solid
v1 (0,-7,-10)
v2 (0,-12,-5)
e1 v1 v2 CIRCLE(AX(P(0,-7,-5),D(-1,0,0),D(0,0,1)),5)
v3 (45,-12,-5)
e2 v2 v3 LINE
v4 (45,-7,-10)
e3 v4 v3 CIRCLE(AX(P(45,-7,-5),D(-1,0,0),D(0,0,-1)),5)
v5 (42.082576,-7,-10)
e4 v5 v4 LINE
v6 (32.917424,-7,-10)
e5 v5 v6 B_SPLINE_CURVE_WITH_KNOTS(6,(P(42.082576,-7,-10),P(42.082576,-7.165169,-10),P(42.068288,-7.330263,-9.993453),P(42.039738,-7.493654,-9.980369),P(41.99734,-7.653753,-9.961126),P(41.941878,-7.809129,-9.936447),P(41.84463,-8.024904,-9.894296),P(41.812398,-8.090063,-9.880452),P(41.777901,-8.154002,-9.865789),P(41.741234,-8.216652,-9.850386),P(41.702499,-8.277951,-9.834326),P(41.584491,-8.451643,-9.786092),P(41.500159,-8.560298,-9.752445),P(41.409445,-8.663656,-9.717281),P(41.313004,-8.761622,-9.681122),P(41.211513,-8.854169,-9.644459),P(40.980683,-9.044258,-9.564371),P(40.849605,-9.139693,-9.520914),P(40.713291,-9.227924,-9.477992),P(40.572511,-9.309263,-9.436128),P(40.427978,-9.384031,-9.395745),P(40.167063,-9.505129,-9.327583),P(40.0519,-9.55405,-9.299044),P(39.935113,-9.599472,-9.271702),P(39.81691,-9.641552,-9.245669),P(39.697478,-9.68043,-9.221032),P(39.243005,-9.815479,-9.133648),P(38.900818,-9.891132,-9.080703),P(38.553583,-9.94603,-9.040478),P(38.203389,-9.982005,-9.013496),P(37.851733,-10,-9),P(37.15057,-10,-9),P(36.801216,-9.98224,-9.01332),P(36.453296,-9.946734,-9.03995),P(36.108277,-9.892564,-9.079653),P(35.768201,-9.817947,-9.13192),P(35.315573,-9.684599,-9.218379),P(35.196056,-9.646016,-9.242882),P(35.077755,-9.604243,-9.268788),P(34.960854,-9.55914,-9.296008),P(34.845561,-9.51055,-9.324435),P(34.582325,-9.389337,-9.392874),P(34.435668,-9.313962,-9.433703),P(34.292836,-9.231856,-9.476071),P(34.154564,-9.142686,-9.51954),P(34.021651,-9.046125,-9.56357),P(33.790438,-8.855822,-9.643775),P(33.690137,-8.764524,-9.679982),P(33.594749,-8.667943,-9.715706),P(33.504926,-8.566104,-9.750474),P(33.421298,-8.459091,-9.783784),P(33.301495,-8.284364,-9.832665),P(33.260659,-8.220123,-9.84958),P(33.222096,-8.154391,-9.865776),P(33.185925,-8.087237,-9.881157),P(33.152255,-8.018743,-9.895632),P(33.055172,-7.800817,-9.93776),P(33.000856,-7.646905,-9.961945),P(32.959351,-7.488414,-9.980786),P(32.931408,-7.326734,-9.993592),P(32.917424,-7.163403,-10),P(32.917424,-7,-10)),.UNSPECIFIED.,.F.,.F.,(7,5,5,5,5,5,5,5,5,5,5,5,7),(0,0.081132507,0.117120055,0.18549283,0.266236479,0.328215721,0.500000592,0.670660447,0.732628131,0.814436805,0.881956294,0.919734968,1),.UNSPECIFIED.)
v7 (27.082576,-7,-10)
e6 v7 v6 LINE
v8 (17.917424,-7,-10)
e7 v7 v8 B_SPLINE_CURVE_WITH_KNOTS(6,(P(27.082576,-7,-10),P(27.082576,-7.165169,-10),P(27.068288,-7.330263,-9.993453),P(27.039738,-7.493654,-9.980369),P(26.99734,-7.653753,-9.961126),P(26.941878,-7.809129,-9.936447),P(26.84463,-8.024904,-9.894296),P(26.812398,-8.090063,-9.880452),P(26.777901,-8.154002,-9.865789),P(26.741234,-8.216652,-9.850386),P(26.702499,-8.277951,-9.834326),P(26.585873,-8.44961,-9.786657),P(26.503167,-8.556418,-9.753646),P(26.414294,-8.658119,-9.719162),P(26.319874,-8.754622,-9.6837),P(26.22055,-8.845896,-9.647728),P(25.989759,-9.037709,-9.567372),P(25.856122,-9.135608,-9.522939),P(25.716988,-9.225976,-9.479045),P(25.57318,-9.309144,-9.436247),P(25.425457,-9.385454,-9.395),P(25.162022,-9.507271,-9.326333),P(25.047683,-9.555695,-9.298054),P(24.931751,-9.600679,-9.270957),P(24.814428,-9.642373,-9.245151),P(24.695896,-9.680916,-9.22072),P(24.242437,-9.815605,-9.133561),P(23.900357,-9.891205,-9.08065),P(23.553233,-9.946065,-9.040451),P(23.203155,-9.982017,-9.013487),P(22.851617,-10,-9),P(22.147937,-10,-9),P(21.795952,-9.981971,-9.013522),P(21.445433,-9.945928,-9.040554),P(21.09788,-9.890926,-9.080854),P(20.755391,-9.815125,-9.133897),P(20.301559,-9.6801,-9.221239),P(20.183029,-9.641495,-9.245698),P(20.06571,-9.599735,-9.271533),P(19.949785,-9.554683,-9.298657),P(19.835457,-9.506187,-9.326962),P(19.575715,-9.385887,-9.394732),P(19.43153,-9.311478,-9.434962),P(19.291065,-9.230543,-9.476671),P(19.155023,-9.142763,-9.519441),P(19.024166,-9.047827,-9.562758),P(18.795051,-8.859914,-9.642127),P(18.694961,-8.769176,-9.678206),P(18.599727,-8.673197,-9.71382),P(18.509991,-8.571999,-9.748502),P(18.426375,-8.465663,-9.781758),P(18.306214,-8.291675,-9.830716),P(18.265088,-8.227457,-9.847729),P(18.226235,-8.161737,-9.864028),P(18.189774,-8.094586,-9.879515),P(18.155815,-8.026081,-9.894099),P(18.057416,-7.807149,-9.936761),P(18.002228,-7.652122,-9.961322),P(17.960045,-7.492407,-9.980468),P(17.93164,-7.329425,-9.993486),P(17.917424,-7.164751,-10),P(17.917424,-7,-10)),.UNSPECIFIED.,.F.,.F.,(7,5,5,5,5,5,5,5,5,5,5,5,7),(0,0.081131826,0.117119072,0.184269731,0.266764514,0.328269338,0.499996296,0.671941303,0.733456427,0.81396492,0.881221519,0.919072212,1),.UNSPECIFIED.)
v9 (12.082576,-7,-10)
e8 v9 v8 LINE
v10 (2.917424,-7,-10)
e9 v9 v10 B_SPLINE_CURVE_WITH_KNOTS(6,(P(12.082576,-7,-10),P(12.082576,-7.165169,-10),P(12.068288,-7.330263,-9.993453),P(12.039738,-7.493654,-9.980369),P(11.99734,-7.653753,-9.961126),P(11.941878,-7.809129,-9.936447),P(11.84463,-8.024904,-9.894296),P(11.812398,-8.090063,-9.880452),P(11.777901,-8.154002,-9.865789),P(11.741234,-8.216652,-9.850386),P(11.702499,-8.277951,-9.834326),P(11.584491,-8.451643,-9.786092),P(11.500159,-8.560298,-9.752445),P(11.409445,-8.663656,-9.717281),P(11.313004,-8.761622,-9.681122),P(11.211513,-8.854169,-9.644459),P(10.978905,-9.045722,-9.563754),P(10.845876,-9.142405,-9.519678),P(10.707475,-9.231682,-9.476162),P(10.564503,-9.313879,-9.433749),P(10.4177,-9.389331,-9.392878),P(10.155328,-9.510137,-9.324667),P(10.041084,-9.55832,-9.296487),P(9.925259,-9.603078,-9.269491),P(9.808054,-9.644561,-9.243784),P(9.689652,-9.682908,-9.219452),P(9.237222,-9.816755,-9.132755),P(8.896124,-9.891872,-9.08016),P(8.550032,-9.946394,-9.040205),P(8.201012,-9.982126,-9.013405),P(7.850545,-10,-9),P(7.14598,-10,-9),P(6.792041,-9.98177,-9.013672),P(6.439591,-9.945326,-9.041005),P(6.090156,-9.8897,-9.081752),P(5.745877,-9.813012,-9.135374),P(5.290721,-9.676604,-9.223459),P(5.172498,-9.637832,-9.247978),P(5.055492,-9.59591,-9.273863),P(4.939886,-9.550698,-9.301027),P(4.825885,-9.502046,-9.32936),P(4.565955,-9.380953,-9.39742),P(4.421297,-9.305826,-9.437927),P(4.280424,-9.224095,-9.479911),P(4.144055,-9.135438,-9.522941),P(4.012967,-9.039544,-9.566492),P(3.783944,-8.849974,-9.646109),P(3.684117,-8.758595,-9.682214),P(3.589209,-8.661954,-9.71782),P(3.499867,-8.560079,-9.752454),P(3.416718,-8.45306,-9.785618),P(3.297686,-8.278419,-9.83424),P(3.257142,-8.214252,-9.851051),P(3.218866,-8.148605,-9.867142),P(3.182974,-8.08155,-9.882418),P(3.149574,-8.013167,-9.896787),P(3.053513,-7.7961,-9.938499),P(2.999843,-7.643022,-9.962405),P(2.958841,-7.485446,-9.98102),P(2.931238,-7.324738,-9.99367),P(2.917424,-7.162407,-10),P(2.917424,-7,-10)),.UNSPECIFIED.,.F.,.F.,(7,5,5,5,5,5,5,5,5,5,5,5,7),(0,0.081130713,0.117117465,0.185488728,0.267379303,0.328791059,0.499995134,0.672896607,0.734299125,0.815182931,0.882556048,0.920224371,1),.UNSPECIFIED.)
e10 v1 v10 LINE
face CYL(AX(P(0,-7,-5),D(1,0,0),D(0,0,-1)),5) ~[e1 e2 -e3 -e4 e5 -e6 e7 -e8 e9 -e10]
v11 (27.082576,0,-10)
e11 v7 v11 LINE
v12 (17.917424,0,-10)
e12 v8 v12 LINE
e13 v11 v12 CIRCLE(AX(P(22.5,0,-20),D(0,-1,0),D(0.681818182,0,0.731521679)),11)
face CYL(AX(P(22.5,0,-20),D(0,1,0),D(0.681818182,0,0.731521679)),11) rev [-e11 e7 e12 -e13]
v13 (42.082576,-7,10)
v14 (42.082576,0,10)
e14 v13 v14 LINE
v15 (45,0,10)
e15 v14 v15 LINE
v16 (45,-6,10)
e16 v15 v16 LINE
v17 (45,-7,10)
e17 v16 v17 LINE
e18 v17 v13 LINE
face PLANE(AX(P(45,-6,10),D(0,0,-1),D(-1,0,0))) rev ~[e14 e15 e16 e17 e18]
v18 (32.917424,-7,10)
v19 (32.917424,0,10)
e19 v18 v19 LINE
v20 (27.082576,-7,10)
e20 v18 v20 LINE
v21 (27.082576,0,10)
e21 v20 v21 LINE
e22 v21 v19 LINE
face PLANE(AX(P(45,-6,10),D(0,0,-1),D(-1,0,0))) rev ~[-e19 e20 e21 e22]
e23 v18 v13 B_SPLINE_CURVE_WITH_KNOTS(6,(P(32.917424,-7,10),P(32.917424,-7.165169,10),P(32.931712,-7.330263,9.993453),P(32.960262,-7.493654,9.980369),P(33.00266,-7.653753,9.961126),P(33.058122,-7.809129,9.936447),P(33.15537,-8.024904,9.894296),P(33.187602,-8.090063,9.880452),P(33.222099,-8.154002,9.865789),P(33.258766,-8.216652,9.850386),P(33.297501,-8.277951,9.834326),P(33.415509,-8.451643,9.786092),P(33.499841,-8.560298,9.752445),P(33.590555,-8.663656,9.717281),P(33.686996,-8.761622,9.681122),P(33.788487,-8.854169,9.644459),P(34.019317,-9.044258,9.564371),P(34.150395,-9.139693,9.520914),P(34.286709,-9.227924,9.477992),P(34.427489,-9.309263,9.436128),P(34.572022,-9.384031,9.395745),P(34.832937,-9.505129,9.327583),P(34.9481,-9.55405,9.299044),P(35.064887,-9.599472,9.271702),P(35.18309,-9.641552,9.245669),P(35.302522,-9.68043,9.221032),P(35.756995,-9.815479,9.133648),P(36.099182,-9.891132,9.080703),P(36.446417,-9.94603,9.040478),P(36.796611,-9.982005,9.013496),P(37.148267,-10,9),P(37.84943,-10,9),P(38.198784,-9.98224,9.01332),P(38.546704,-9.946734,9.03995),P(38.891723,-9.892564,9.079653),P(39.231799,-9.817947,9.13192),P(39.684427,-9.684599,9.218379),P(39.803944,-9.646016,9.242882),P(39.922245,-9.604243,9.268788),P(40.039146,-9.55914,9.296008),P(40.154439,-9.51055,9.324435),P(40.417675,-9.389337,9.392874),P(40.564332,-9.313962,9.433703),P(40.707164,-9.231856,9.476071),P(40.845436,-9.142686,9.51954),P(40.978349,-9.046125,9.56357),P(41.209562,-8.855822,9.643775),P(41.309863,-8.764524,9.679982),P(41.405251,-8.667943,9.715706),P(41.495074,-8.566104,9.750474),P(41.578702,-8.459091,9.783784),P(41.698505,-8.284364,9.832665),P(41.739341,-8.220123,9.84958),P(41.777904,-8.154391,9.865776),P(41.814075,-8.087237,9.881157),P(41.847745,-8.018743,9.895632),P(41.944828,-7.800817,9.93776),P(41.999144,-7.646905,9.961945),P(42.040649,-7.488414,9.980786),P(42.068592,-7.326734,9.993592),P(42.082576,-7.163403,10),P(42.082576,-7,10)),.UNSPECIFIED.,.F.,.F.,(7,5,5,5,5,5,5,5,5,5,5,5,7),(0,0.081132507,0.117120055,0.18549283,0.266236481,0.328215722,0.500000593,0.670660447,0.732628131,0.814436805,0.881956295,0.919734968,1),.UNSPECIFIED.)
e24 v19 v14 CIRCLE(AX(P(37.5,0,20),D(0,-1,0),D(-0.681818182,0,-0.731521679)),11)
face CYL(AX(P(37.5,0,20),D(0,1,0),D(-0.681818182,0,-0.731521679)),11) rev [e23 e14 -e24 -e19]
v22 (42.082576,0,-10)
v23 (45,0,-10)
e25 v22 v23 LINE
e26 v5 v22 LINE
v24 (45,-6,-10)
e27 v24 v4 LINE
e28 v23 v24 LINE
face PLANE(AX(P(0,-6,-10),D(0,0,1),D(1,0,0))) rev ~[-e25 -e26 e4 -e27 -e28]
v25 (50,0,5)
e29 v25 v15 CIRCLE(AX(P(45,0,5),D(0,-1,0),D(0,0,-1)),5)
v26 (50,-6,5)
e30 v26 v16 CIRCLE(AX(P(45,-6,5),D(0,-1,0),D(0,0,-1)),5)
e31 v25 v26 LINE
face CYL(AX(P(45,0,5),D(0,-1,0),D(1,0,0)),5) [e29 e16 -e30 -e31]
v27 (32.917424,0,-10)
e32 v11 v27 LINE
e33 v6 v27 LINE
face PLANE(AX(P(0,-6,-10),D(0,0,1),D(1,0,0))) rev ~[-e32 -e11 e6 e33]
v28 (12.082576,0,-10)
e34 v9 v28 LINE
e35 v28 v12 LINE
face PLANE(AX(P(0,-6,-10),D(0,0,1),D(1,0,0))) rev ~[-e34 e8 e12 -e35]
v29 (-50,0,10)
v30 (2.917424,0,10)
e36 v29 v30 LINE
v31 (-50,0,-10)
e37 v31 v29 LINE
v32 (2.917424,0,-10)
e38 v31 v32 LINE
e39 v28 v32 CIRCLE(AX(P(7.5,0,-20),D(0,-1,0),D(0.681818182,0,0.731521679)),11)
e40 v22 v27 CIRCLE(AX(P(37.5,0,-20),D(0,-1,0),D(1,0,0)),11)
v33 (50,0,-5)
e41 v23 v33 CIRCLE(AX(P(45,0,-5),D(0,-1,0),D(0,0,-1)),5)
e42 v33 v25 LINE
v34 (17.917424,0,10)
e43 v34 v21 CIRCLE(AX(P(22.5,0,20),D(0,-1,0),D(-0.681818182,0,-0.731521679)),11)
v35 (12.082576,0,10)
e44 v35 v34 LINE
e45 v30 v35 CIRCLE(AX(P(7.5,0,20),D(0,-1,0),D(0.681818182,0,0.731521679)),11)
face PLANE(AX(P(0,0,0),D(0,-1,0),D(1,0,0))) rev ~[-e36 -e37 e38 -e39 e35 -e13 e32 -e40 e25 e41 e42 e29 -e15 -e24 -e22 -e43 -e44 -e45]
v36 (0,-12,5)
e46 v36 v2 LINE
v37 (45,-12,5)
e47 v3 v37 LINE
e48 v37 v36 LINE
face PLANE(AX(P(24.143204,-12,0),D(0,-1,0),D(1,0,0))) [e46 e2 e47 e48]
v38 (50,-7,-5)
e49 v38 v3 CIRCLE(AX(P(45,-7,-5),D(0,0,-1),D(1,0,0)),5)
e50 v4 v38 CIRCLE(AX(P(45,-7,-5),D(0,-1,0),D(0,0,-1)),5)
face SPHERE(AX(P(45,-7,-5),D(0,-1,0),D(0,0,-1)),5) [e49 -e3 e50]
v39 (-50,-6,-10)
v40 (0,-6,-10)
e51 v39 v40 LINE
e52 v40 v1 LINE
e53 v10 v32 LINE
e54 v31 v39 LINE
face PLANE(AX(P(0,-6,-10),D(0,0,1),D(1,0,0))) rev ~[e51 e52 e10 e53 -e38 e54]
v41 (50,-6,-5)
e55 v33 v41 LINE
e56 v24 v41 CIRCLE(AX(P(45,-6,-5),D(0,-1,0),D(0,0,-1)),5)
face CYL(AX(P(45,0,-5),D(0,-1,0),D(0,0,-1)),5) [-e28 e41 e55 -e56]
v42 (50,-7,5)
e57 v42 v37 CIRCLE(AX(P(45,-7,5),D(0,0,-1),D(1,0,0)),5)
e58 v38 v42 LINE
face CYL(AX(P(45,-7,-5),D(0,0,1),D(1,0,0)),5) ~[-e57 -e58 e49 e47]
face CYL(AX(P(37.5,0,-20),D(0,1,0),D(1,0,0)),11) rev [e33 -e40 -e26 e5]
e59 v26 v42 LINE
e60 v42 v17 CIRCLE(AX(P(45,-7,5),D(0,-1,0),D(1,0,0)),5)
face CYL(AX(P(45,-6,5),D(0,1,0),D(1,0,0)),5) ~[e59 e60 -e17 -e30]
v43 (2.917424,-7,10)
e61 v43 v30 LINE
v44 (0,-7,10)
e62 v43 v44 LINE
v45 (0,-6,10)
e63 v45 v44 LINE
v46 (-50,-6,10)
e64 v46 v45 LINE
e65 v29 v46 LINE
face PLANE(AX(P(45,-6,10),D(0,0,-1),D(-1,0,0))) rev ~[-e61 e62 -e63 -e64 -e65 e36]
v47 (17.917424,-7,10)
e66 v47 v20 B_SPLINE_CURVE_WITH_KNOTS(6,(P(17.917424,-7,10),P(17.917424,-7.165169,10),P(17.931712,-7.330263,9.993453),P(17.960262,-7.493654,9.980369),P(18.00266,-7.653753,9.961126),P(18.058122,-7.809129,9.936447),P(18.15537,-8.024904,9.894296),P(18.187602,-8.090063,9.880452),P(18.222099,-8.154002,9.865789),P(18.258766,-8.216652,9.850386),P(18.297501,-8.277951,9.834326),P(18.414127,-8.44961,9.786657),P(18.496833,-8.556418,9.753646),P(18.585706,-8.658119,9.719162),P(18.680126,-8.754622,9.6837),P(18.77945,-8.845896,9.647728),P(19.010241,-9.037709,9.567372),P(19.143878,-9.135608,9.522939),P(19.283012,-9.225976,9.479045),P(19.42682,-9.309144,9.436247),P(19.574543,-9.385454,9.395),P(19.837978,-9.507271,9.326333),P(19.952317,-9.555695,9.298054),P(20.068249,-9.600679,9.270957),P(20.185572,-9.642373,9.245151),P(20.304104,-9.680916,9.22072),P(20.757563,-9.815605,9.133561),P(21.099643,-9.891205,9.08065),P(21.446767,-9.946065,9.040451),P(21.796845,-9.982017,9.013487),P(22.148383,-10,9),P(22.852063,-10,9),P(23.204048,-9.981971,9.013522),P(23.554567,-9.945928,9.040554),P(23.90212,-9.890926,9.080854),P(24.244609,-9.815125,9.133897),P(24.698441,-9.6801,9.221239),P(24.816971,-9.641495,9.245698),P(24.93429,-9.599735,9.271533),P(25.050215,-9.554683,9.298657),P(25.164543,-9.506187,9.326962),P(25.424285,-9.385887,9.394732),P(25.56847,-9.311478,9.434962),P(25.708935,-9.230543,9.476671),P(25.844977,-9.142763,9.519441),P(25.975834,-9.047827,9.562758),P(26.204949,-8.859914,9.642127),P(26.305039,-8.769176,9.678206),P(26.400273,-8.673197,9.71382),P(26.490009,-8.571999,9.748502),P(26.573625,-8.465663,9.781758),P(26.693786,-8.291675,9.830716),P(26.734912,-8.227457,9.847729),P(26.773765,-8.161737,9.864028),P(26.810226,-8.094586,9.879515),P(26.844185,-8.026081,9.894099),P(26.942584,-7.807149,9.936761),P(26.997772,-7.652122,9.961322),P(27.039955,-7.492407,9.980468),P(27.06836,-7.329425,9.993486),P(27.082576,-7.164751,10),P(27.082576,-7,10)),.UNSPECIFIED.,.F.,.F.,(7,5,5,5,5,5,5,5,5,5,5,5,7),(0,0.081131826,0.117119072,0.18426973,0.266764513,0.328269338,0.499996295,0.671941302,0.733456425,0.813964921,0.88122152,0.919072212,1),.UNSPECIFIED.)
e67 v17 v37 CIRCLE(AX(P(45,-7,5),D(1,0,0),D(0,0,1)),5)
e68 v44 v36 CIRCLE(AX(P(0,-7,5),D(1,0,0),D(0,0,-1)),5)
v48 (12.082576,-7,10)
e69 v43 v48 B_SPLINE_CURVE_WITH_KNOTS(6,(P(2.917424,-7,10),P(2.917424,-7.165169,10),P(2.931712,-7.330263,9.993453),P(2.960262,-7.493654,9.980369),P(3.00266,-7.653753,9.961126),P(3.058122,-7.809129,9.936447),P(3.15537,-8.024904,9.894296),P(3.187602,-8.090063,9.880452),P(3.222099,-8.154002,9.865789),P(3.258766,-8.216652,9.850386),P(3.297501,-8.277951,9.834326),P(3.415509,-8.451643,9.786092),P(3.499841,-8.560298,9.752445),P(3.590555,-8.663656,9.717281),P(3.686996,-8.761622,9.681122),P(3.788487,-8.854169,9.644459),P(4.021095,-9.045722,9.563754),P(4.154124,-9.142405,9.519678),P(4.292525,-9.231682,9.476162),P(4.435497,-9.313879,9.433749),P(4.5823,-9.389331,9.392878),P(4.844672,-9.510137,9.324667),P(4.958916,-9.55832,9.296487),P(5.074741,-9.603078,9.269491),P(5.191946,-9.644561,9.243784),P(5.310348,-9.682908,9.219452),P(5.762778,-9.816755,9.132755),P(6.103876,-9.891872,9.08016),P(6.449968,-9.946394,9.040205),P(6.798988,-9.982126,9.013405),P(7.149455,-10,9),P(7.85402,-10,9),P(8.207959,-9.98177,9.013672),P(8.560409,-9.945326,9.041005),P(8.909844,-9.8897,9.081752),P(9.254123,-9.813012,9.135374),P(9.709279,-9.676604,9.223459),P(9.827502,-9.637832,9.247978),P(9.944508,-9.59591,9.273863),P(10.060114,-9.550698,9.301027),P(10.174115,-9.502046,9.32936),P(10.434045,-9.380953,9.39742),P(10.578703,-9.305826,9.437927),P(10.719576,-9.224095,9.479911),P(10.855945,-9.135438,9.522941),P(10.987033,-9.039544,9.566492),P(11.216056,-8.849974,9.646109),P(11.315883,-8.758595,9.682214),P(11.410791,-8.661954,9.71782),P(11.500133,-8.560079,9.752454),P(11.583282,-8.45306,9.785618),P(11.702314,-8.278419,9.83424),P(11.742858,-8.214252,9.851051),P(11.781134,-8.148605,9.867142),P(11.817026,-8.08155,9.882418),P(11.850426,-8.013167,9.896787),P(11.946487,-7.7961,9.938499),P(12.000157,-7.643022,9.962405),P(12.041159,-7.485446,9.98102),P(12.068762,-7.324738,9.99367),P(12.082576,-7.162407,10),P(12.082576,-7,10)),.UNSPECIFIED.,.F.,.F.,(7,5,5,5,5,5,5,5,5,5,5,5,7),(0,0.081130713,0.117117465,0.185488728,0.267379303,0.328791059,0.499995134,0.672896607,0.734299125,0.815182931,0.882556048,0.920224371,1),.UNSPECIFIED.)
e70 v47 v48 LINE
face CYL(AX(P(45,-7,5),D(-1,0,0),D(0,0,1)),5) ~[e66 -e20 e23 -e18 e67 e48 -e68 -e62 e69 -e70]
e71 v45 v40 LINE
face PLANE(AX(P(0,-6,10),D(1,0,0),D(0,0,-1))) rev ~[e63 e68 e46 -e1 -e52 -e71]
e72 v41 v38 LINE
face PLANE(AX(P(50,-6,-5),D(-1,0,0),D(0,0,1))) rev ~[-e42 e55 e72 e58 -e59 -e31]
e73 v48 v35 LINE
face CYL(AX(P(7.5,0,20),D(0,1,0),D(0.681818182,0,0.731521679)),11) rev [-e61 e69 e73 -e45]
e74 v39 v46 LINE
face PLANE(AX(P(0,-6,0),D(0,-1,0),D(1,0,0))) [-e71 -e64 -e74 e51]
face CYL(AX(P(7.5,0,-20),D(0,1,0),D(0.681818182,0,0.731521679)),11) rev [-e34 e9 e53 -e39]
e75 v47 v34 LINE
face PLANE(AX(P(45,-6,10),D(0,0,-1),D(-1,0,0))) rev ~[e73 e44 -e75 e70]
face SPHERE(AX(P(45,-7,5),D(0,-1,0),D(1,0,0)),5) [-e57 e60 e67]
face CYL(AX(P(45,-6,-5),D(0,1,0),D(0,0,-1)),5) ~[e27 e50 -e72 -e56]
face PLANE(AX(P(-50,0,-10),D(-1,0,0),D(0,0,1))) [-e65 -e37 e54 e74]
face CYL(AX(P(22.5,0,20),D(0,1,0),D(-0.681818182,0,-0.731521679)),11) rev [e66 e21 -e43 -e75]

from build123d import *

# Parameters (mm, degrees)
F0_W     = 100
F0_H     = 20
F1_DEPTH = 6
F2_R     = 5
F4_DEPTH = 6
F5_R     = 5
F7_DEPTH = 37


with BuildPart() as f1:
    # F0 (on Front) → F1 (new body)
    with BuildSketch(Plane.XZ):
        Rectangle(F0_W, F0_H)
    extrude(amount=F1_DEPTH)

    # F2
    f2_edges = [f1.edges().sort_by_distance(p)[0] for p in [
        (50, -3, 10),
        (50, -3, -10),
    ]]
    fillet(f2_edges, radius=F2_R)

    # F3 (on face) → F4 (join)
    with BuildSketch(Plane.XZ.offset(6)):
        with BuildLine():
            Line((45, 10), (0, 10))
            Line((0, 10), (0, -10))
            Line((0, -10), (45, -10))
            ThreePointArc((45, -10), (48.5355339059, -8.5355339059), (50, -5))
            Line((50, -5), (50, 5))
            ThreePointArc((50, 5), (48.5355339059, 8.5355339059), (45, 10))
        make_face()
    extrude(amount=F4_DEPTH)

    # F5
    f5_edges = [f1.edges().sort_by_distance(p)[0] for p in [
        (22.5, -12, 10),
    ]]
    fillet(f5_edges, radius=F5_R)

    # F6 (on Front) → F7 (cut)
    with BuildSketch(Plane.XZ):
        with BuildLine():
            ThreePointArc((15, 11.9532615303), (12.4128794991, 15.6125178063), (11.5, 20))
            ThreePointArc((11.5, 20), (12.4128794991, 24.3874821937), (15, 28.0467384697))
            ThreePointArc((15, 28.0467384697), (-3.5, 20), (15, 11.9532615303))
        make_face()
        with BuildLine():
            ThreePointArc((48.5, 20), (41.8874821937, 30.0871205009), (30, 28.0467384697))
            ThreePointArc((30, 28.0467384697), (32.5871205009, 24.3874821937), (33.5, 20))
            ThreePointArc((33.5, 20), (32.5871205009, 15.6125178063), (30, 11.9532615303))
            ThreePointArc((30, 11.9532615303), (41.8874821937, 9.9128794991), (48.5, 20))
        make_face()
        with BuildLine():
            Line((26.5, 20), (18.5, 20))
            ThreePointArc((18.5, 20), (17.5871205009, 15.6125178063), (15, 11.9532615303))
            ThreePointArc((15, 11.9532615303), (22.5, 9), (30, 11.9532615303))
            ThreePointArc((30, 11.9532615303), (27.4128794991, 15.6125178063), (26.5, 20))
        make_face()
        with BuildLine():
            ThreePointArc((15, -28.0467384697), (11.5, -20), (15, -11.9532615303))
            ThreePointArc((15, -11.9532615303), (-3.5, -20), (15, -28.0467384697))
        make_face()
        with BuildLine():
            ThreePointArc((15, -11.9532615303), (17.5871205009, -15.6125178063), (18.5, -20))
            ThreePointArc((18.5, -20), (17.5871205009, -24.3874821937), (15, -28.0467384697))
            ThreePointArc((15, -28.0467384697), (22.5, -31), (30, -28.0467384697))
            ThreePointArc((30, -28.0467384697), (26.5, -20), (30, -11.9532615303))
            ThreePointArc((30, -11.9532615303), (22.5, -9), (15, -11.9532615303))
        make_face()
        with BuildLine():
            ThreePointArc((48.5, -20), (41.8874821937, -9.9128794991), (30, -11.9532615303))
            ThreePointArc((30, -11.9532615303), (32.5871205009, -15.6125178063), (33.5, -20))
            ThreePointArc((33.5, -20), (32.5871205009, -24.3874821937), (30, -28.0467384697))
            ThreePointArc((30, -28.0467384697), (41.8874821937, -30.0871205009), (48.5, -20))
        make_face()
    extrude(amount=F7_DEPTH, mode=Mode.SUBTRACT)


solid = f1.part
